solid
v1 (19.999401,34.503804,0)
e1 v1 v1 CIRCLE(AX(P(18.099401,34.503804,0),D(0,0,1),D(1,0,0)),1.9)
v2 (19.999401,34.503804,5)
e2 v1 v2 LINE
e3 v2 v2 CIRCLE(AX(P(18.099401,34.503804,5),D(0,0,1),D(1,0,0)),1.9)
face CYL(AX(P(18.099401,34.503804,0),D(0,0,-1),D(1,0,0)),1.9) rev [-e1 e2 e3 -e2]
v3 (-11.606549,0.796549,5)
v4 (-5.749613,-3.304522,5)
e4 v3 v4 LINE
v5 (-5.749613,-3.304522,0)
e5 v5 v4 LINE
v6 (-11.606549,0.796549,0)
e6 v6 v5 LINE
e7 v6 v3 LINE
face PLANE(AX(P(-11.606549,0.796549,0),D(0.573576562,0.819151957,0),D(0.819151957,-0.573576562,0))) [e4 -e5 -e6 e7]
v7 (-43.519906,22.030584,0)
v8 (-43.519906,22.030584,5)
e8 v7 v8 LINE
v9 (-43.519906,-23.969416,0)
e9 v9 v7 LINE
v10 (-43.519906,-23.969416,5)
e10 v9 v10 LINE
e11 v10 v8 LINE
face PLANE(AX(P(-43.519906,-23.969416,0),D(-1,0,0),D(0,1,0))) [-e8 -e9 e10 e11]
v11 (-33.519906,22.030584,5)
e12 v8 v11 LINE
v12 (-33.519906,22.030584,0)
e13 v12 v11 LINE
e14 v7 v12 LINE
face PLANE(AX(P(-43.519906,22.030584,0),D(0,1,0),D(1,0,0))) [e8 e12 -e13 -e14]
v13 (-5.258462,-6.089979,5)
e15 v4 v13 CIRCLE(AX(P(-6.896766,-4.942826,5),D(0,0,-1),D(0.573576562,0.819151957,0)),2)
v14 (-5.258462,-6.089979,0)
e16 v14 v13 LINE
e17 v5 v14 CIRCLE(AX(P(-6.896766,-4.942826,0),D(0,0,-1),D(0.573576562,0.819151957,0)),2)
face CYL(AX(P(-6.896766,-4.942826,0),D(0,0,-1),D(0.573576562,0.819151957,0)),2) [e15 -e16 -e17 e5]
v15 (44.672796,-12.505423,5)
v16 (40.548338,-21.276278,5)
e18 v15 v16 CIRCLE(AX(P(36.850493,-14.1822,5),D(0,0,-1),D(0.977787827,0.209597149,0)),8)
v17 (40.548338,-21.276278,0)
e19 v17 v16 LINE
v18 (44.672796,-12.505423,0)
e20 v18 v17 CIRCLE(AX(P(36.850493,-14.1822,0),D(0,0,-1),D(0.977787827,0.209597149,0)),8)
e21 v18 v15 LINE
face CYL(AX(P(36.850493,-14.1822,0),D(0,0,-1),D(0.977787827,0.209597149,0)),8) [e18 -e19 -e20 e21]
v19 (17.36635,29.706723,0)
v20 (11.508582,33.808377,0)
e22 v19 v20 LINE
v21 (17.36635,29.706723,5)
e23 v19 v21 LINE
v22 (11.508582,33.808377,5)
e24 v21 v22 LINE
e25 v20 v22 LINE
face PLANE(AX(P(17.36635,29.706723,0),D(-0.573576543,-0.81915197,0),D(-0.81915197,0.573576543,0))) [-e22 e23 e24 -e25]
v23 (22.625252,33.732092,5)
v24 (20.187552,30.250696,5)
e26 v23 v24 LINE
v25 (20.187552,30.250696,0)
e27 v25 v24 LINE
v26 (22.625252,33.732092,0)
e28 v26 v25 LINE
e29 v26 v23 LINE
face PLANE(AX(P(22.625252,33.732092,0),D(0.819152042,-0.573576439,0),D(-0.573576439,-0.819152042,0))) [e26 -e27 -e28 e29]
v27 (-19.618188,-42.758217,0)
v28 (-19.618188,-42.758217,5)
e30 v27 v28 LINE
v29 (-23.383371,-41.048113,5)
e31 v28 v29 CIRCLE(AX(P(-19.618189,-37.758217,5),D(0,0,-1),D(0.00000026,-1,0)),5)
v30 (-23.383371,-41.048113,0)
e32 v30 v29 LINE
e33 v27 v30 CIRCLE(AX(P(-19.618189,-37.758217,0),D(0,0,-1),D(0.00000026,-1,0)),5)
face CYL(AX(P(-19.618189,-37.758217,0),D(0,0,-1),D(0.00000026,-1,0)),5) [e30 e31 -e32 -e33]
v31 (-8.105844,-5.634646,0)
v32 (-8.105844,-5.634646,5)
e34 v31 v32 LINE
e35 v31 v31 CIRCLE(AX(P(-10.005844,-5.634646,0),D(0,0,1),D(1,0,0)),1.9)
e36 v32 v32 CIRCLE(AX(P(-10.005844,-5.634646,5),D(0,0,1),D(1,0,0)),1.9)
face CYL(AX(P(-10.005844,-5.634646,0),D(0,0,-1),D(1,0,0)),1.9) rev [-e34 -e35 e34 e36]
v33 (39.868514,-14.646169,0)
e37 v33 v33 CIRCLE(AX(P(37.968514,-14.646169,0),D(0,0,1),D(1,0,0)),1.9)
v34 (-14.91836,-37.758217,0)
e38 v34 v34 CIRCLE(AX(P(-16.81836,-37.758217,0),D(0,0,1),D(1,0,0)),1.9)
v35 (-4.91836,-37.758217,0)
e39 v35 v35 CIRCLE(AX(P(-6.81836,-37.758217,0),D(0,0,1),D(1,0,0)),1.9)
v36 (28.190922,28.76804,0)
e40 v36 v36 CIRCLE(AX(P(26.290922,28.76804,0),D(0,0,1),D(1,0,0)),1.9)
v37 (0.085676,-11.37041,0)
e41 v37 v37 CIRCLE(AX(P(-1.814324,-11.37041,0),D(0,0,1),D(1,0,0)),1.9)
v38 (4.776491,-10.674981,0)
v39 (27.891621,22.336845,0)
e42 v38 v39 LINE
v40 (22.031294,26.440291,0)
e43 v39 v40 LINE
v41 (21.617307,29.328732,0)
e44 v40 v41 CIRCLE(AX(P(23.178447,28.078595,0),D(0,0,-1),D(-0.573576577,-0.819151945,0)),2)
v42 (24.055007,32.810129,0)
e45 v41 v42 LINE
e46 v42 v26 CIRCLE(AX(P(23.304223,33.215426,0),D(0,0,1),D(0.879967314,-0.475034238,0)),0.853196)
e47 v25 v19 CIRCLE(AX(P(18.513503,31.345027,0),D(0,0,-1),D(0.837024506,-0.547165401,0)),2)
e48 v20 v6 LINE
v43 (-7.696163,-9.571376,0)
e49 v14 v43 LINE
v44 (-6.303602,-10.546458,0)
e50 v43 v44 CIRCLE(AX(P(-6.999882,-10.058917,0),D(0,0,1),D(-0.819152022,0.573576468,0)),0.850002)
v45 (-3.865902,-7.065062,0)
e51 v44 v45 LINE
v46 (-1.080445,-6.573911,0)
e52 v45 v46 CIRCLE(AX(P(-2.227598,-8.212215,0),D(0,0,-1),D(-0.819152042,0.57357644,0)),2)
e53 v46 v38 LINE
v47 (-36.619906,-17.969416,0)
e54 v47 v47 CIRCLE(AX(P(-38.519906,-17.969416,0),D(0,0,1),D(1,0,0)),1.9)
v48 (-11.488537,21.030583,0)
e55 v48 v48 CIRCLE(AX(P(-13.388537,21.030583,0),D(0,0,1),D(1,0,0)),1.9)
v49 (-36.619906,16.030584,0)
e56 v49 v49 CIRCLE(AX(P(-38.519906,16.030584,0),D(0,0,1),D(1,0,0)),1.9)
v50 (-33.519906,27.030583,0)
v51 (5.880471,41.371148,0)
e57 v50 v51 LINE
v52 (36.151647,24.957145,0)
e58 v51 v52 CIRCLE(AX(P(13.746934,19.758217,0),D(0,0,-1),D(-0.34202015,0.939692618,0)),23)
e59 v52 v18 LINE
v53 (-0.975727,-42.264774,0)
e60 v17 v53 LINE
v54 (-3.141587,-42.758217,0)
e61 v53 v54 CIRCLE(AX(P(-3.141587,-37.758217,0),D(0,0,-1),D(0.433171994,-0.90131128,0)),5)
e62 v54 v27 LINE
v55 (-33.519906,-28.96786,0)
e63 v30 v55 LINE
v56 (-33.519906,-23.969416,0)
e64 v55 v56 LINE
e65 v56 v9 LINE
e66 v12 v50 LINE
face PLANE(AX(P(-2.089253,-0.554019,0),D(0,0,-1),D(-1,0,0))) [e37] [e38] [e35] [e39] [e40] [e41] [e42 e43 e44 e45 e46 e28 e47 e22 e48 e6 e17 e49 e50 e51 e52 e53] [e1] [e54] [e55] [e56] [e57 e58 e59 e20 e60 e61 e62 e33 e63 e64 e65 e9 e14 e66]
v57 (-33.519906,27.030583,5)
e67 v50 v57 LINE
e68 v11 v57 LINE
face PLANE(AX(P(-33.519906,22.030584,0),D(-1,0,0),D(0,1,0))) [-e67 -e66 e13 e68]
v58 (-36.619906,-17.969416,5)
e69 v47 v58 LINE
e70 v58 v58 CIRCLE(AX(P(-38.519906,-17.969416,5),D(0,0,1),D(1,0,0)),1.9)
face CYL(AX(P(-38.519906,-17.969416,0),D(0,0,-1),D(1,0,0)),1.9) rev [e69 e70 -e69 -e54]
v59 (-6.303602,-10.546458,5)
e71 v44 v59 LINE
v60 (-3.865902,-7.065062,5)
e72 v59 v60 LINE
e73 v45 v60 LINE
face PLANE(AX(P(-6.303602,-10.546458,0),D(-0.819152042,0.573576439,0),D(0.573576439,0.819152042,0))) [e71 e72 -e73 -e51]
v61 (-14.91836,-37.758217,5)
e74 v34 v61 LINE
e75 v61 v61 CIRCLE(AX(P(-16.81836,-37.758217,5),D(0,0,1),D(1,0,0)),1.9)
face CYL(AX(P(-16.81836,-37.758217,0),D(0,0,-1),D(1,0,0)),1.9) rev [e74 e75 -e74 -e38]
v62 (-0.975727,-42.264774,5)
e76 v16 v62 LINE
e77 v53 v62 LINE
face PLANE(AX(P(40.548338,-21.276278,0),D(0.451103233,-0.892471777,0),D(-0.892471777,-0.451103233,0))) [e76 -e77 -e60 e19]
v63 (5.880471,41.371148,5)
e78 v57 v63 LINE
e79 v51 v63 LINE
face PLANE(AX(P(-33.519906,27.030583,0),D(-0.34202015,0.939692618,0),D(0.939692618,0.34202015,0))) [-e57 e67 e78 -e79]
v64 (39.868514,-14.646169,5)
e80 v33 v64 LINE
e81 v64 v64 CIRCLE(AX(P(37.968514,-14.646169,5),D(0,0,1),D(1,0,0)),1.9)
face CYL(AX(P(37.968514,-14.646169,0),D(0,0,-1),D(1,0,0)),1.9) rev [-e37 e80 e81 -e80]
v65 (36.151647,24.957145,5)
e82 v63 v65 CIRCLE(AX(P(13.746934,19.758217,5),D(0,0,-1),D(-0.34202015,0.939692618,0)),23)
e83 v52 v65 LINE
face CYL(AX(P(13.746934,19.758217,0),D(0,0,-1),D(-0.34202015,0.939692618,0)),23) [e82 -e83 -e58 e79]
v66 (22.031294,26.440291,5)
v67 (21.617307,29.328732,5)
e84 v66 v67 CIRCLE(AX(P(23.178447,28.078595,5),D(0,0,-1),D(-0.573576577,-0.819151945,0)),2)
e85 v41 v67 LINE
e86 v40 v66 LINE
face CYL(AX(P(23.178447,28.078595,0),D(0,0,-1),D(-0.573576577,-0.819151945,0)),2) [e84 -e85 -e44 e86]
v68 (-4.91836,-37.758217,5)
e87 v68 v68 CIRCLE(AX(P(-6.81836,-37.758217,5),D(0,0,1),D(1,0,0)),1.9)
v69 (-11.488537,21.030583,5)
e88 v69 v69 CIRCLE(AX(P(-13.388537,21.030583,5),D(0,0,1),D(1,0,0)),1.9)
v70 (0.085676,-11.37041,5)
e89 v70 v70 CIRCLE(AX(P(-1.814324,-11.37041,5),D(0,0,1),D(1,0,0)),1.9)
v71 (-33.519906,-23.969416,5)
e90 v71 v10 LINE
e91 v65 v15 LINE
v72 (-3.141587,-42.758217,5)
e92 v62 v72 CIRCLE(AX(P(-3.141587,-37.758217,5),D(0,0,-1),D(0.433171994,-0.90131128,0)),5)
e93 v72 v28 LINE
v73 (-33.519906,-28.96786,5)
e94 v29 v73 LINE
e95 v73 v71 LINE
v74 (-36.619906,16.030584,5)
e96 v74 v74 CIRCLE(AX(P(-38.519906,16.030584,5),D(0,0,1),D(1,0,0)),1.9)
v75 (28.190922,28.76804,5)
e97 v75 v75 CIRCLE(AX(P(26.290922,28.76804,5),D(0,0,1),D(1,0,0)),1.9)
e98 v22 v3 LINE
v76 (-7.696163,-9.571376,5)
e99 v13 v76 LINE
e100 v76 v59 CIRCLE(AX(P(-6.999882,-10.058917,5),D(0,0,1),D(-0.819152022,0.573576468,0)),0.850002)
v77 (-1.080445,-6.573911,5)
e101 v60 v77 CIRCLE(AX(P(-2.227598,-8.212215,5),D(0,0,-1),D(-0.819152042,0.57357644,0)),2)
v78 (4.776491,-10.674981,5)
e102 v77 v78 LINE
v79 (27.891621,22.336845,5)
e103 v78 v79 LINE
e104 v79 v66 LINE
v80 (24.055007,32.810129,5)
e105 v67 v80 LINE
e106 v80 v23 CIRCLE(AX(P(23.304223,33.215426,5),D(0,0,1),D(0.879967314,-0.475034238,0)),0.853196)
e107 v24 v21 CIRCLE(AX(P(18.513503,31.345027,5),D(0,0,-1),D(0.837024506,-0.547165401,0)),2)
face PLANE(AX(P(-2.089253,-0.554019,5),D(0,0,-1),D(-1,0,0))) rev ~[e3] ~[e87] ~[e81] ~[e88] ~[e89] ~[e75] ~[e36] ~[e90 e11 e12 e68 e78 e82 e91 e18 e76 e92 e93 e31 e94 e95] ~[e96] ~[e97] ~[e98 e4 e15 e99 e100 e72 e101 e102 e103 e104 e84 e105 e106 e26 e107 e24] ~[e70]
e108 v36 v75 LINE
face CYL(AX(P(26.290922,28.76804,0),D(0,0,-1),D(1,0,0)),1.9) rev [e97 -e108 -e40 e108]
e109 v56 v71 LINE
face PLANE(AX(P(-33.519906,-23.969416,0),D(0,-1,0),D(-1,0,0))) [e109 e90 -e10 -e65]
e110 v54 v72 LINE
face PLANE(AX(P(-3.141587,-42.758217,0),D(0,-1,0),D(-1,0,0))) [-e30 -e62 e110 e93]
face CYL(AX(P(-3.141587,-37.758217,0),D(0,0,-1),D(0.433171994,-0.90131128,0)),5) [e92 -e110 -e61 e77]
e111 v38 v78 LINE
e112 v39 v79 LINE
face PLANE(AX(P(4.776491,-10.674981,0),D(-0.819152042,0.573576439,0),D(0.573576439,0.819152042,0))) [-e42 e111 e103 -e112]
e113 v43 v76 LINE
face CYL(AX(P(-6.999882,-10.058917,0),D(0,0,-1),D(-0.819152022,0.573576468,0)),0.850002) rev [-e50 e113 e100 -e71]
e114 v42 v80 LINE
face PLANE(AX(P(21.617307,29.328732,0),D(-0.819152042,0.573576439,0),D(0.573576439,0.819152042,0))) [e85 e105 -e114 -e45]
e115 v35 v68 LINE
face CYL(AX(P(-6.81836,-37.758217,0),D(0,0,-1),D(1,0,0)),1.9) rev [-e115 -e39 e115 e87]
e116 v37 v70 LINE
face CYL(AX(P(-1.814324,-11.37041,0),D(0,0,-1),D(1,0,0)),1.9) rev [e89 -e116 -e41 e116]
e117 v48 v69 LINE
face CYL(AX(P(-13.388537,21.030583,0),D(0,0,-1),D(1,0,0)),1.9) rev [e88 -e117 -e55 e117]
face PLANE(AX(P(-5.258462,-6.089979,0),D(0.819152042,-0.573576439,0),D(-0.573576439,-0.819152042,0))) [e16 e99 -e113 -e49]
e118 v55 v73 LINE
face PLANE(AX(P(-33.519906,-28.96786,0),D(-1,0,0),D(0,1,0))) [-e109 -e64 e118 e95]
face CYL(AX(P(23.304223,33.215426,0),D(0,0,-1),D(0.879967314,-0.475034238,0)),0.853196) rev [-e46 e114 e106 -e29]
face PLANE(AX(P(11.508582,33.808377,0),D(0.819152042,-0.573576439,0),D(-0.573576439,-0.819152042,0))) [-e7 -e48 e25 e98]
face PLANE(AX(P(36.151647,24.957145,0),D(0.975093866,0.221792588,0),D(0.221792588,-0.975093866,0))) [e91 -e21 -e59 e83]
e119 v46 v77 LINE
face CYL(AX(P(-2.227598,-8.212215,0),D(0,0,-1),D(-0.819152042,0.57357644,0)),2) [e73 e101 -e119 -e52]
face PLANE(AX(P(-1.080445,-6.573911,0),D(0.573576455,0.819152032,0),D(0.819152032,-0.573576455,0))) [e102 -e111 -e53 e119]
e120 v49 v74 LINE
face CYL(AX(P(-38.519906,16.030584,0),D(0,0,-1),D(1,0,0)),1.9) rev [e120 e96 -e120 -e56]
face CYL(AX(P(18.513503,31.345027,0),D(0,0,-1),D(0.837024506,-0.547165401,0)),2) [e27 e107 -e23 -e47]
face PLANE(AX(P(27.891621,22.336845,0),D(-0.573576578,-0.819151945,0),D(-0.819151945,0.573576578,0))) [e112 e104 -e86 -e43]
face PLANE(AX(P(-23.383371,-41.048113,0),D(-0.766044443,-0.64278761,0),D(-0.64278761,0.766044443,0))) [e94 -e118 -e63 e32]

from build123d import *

# Parameters (mm, degrees)
ESQUISSE1_R        = 1.9
BOSS_EXTRU_1_DEPTH = 5


with BuildPart() as part:
    # Esquisse1 → Boss.-Extru.1 (new body)
    with BuildSketch(Plane.XY):
        with BuildLine():
            Line((40.548338426, -21.276277818), (-0.975727052, -42.264773686))
            ThreePointArc((-0.975727052, -42.264773686), (-2.030907408, -42.633295828), (-3.141586831, -42.758217285))
            Line((-3.141586831, -42.758217285), (-19.618188193, -42.758217285))
            ThreePointArc((-19.618188193, -42.758217285), (-21.685859542, -42.310660648), (-23.383370665, -41.048112535))
            Line((-23.383370665, -41.048112535), (-33.519906154, -28.967859949))
            Line((-33.519906154, -28.967859949), (-33.519906154, -23.969415955))
            Line((-33.519906154, -23.969415955), (-43.519906154, -23.969415955))
            Line((-43.519906154, -23.969415955), (-43.519906154, 22.030584045))
            Line((-43.519906154, 22.030584045), (-33.519906154, 22.030584045))
            Line((-33.519906154, 22.030584045), (-33.519906154, 27.030582734))
            Line((-33.519906154, 27.030582734), (5.8804708, 41.371147503))
            ThreePointArc((5.8804708, 41.371147503), (24.71028401, 39.977143129), (36.151646844, 24.957145453))
            Line((36.151646844, 24.957145453), (44.672795688, -12.50542283))
            ThreePointArc((44.672795688, -12.50542283), (44.089997655, -17.586546272), (40.548338426, -21.276277818))
        make_face()
        with Locations((37.968513549, -14.646168575)):
            Circle(ESQUISSE1_R, mode=Mode.SUBTRACT)
        with Locations((26.290921771, 28.768039745)):
            Circle(ESQUISSE1_R, mode=Mode.SUBTRACT)
        with Locations((18.099401328, 34.503804109)):
            Circle(ESQUISSE1_R, mode=Mode.SUBTRACT)
        with Locations((-1.81432361, -11.370410425)):
            Circle(ESQUISSE1_R, mode=Mode.SUBTRACT)
        with Locations((-10.005844053, -5.634646061)):
            Circle(ESQUISSE1_R, mode=Mode.SUBTRACT)
        with Locations((-13.38853652, 21.030583318)):
            Circle(ESQUISSE1_R, mode=Mode.SUBTRACT)
        with Locations((-6.818359545, -37.758216658)):
            Circle(ESQUISSE1_R, mode=Mode.SUBTRACT)
        with Locations((-16.818359545, -37.758216658)):
            Circle(ESQUISSE1_R, mode=Mode.SUBTRACT)
        with Locations((-38.519906154, -17.969415955)):
            Circle(ESQUISSE1_R, mode=Mode.SUBTRACT)
        with Locations((-38.519906154, 16.030584045)):
            Circle(ESQUISSE1_R, mode=Mode.SUBTRACT)
        with BuildLine():
            Line((21.617307412, 29.328732493), (24.05500749, 32.810128977))
            ThreePointArc((24.05500749, 32.810128977), (23.766600359, 33.932469516), (22.625252159, 33.732091761))
            Line((22.625252159, 33.732091761), (20.187552449, 30.250695803))
            ThreePointArc((20.187552449, 30.250695803), (18.892160946, 29.381199086), (17.366350313, 29.706722658))
            Line((17.366350313, 29.706722658), (11.508582376, 33.808377058))
            Line((11.508582376, 33.808377058), (-11.606548602, 0.796549047))
            Line((-11.606548602, 0.796549047), (-5.749613357, -3.304522496))
            ThreePointArc((-5.749613357, -3.304522496), (-4.927150936, -4.595530225), (-5.258462389, -6.089979325))
            Line((-5.258462389, -6.089979325), (-7.696162511, -9.571375872))
            ThreePointArc((-7.696162511, -9.571375872), (-7.487422906, -10.755197269), (-6.303601509, -10.546457664))
            Line((-6.303601509, -10.546457664), (-3.865901833, -7.065061754))
            ThreePointArc((-3.865901833, -7.065061754), (-2.574894061, -6.242599111), (-1.080444801, -6.573910562))
            Line((-1.080444801, -6.573910562), (4.776491193, -10.67498149))
            Line((4.776491193, -10.67498149), (27.891620971, 22.336844808))
            Line((27.891620971, 22.336844808), (22.031293977, 26.440291454))
            ThreePointArc((22.031293977, 26.440291454), (21.198678089, 27.79484445), (21.617307412, 29.328732493))
        make_face(mode=Mode.SUBTRACT)
    extrude(amount=BOSS_EXTRU_1_DEPTH)


solid = part.part
